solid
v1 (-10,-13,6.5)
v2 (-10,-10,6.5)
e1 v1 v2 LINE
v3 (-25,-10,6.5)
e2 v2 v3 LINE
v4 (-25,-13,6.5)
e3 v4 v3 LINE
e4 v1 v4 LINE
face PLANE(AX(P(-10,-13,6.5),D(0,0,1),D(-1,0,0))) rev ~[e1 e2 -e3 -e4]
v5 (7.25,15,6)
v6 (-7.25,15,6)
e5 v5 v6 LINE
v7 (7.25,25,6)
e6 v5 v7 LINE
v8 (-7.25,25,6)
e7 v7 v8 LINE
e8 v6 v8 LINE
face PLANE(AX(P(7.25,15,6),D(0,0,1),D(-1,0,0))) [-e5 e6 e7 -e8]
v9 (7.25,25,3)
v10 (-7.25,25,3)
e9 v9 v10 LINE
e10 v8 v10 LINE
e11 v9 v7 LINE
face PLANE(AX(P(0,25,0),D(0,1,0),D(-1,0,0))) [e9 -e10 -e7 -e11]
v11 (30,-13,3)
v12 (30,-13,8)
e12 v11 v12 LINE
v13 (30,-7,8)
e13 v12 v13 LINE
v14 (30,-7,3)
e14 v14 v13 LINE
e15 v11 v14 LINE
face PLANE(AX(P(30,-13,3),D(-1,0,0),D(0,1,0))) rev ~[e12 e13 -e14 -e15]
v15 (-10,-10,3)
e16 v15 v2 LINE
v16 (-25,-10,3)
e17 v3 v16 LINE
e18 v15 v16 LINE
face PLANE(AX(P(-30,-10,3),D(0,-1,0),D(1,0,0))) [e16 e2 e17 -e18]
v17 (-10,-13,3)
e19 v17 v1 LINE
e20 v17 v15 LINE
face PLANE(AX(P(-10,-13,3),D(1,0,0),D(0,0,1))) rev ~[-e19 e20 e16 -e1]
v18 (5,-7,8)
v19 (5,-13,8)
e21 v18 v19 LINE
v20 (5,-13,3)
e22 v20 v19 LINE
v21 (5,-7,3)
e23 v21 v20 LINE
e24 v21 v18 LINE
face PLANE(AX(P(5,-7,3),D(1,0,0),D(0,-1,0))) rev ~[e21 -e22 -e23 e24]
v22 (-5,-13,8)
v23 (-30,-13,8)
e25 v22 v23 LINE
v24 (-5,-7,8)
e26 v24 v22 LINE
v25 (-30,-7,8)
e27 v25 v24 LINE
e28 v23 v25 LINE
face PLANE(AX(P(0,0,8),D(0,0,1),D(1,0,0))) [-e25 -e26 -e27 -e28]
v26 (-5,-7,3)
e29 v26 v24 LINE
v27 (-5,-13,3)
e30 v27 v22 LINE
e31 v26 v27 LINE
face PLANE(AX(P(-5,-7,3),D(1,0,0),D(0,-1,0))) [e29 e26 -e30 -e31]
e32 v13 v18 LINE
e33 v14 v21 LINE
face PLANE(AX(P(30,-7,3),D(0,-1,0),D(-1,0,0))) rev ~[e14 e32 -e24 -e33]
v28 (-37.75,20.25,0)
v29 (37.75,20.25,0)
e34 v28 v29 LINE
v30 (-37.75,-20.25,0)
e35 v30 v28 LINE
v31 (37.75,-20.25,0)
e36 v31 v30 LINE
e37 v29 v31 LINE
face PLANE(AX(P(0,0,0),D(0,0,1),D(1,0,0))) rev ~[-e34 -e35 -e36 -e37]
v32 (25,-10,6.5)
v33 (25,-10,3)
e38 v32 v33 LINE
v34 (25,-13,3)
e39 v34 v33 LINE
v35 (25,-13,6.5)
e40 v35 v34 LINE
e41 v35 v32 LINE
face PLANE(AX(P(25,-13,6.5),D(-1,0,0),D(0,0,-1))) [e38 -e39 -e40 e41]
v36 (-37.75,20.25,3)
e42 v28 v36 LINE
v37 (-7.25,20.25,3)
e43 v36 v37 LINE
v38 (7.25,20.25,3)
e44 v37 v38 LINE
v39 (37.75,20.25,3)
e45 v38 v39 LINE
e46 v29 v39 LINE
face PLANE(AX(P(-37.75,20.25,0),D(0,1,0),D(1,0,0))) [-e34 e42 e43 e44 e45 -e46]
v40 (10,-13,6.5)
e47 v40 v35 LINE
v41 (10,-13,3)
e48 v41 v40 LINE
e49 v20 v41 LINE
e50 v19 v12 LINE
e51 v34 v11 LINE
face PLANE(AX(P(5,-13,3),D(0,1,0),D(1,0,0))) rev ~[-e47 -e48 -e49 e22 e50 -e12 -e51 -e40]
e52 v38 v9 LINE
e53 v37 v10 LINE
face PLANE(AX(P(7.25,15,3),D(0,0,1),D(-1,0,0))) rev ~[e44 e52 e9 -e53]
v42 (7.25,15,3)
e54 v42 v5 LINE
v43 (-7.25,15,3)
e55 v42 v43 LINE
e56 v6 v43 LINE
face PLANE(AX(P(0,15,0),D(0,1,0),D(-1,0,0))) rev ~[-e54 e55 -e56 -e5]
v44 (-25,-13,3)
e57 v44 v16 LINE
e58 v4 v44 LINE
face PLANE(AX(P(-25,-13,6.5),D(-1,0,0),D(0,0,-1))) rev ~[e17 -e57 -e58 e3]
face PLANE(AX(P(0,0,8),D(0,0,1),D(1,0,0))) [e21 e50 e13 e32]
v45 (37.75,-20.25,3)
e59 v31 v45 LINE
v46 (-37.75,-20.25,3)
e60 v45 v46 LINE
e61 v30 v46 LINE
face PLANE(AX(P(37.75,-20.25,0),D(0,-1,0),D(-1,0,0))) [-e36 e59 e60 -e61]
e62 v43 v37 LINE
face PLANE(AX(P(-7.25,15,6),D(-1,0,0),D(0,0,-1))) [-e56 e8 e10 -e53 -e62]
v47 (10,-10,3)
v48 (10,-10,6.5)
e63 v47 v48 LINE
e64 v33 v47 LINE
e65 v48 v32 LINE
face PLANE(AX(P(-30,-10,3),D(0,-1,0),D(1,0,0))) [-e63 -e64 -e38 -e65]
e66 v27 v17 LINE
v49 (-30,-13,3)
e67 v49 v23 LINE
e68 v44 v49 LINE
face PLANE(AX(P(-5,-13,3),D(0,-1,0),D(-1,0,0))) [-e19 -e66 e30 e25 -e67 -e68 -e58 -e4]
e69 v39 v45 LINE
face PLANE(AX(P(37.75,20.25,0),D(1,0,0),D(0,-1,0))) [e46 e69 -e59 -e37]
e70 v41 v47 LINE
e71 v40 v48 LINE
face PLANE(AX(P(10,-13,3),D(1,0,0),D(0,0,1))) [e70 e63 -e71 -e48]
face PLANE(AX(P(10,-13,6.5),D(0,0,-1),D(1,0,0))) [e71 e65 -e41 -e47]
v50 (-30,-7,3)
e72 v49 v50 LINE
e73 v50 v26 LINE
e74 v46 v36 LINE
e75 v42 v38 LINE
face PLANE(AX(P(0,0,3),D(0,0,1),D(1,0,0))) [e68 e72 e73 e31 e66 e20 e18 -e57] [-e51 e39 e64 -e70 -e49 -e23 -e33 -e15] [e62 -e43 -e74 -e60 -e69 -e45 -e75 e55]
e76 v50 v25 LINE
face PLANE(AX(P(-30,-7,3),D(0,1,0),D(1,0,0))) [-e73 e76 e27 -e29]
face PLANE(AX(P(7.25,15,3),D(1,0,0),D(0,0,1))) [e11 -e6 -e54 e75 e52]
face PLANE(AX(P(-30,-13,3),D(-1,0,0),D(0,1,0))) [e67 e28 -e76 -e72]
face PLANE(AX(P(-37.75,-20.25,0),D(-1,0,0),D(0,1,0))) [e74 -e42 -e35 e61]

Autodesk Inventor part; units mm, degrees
ref_plane "YZ Plane" through (0, 0, 0) normal (1, 0, 0) x (0, 1, 0)
ref_plane "XY Plane" through (0, 0, 0) normal (0, 0, 1) x (1, 0, 0)
sketch "Sketch1" plane through (0, 0, 0) normal (0, 0, 1) x (1, 0, 0)
  line L0 (37.75, -20.25) -> (-37.75, -20.25)
  line L1 (-37.75, -20.25) -> (-37.75, 20.25)
  line L2 (-37.75, 20.25) -> (37.75, 20.25)
  line L3 (37.75, 20.25) -> (37.75, -20.25)
  point P0 (0, 0)
  point P1 (0, 20.25)
  point P2 (37.75, 0)
  dimension "d0" = 40.5
  dimension "d1" = 75.5
extrude "Extrusion1" add sketch "Sketch1" along normal blind 3
sketch "Sketch2" plane through (-37.75, 20.25, 0) normal (0, 1, 0) x (1, 0, 0)
  point P0 (37.75, 0)
ref_plane "Work Plane1" through (0, 15, 0) normal (0, 1, 0) x (-1, 0, 0)
sketch "Sketch3" plane through (0, 15, 0) normal (0, 1, 0) x (-1, 0, 0)
  line L0 (-37.75, 3) -> (37.75, 3) projected
  line L1 (7.25, 3) -> (-7.25, 3)
  line L2 (-7.25, 3) -> (-7.25, 6)
  line L3 (-7.25, 6) -> (7.25, 6)
  line L4 (7.25, 6) -> (7.25, 3)
  line L5 (7.25, 3) -> (-7.25, 3)
  point P0 (0, 6)
  point P1 (0, 3)
  dimension "d20" = 14.5
  dimension "d21" = 3
extrude "Extrusion2" add sketch "Sketch3" along normal blind 10
sketch "Sketch4" plane through (0, 0, 3) normal (0, 0, 1) x (1, 0, 0)
  line L0 (-30, -7) -> (-5, -7)
  line L1 (-5, -7) -> (-5, -13)
  line L2 (-5, -13) -> (-30, -13)
  line L3 (-30, -13) -> (-30, -7)
  line L4 (37.75, 20.25) -> (-37.75, 20.25) projected
  line L5 (0, 20.25) -> (0, -20.25) construction
  line L6 (-37.75, -20.25) -> (37.75, -20.25) projected
  line L7 (30, -7) -> (5, -7)
  line L8 (5, -7) -> (5, -13)
  line L9 (5, -13) -> (30, -13)
  line L10 (30, -13) -> (30, -7)
  point P0 (0, 0)
  point P1 (-5, -10)
  point P2 (-17.5, -7)
  point P3 (7.25, 20.25)
  point P4 (-7.25, 20.25)
  point P5 (0, 0)
  dimension "d9" = 25
  dimension "d10" = 6
  dimension "d11" = 5
  dimension "d12" = 7
extrude "Extrusion3" add sketch "Sketch4" along normal blind 5
sketch "Sketch5" plane through (-30, -13, 3) normal (0, -1, 0) x (1, 0, 0)
  line L0 (25, 0) -> (0, 0) projected
  line L1 (5, 0) -> (20, 0)
  line L2 (20, 0) -> (20, 3.5)
  line L3 (20, 3.5) -> (5, 3.5)
  line L4 (5, 3.5) -> (5, 0)
  line L5 (35, 5) -> (60, 5) projected
  line L6 (0, 0) -> (0, 5) projected
  line L7 (0, 5) -> (25, 5) projected
  line L8 (30, -3) -> (30, 5) construction
  line L9 (55, 0) -> (40, 0)
  line L10 (40, 0) -> (40, 3.5)
  line L11 (40, 3.5) -> (55, 3.5)
  line L12 (55, 3.5) -> (55, 0)
  point P0 (47.5, 5)
  point P1 (0, 2.5)
  point P2 (12.5, 3.5)
  point P3 (12.5, 5)
  point P4 (47.5, 3.5)
  point P5 (20, 0)
  dimension "d15" = 15
  dimension "d16" = 3.5
extrude "Extrusion4" cut sketch "Sketch5" against normal blind 3
properties part number "Pomodoro Robot Torso's back"
